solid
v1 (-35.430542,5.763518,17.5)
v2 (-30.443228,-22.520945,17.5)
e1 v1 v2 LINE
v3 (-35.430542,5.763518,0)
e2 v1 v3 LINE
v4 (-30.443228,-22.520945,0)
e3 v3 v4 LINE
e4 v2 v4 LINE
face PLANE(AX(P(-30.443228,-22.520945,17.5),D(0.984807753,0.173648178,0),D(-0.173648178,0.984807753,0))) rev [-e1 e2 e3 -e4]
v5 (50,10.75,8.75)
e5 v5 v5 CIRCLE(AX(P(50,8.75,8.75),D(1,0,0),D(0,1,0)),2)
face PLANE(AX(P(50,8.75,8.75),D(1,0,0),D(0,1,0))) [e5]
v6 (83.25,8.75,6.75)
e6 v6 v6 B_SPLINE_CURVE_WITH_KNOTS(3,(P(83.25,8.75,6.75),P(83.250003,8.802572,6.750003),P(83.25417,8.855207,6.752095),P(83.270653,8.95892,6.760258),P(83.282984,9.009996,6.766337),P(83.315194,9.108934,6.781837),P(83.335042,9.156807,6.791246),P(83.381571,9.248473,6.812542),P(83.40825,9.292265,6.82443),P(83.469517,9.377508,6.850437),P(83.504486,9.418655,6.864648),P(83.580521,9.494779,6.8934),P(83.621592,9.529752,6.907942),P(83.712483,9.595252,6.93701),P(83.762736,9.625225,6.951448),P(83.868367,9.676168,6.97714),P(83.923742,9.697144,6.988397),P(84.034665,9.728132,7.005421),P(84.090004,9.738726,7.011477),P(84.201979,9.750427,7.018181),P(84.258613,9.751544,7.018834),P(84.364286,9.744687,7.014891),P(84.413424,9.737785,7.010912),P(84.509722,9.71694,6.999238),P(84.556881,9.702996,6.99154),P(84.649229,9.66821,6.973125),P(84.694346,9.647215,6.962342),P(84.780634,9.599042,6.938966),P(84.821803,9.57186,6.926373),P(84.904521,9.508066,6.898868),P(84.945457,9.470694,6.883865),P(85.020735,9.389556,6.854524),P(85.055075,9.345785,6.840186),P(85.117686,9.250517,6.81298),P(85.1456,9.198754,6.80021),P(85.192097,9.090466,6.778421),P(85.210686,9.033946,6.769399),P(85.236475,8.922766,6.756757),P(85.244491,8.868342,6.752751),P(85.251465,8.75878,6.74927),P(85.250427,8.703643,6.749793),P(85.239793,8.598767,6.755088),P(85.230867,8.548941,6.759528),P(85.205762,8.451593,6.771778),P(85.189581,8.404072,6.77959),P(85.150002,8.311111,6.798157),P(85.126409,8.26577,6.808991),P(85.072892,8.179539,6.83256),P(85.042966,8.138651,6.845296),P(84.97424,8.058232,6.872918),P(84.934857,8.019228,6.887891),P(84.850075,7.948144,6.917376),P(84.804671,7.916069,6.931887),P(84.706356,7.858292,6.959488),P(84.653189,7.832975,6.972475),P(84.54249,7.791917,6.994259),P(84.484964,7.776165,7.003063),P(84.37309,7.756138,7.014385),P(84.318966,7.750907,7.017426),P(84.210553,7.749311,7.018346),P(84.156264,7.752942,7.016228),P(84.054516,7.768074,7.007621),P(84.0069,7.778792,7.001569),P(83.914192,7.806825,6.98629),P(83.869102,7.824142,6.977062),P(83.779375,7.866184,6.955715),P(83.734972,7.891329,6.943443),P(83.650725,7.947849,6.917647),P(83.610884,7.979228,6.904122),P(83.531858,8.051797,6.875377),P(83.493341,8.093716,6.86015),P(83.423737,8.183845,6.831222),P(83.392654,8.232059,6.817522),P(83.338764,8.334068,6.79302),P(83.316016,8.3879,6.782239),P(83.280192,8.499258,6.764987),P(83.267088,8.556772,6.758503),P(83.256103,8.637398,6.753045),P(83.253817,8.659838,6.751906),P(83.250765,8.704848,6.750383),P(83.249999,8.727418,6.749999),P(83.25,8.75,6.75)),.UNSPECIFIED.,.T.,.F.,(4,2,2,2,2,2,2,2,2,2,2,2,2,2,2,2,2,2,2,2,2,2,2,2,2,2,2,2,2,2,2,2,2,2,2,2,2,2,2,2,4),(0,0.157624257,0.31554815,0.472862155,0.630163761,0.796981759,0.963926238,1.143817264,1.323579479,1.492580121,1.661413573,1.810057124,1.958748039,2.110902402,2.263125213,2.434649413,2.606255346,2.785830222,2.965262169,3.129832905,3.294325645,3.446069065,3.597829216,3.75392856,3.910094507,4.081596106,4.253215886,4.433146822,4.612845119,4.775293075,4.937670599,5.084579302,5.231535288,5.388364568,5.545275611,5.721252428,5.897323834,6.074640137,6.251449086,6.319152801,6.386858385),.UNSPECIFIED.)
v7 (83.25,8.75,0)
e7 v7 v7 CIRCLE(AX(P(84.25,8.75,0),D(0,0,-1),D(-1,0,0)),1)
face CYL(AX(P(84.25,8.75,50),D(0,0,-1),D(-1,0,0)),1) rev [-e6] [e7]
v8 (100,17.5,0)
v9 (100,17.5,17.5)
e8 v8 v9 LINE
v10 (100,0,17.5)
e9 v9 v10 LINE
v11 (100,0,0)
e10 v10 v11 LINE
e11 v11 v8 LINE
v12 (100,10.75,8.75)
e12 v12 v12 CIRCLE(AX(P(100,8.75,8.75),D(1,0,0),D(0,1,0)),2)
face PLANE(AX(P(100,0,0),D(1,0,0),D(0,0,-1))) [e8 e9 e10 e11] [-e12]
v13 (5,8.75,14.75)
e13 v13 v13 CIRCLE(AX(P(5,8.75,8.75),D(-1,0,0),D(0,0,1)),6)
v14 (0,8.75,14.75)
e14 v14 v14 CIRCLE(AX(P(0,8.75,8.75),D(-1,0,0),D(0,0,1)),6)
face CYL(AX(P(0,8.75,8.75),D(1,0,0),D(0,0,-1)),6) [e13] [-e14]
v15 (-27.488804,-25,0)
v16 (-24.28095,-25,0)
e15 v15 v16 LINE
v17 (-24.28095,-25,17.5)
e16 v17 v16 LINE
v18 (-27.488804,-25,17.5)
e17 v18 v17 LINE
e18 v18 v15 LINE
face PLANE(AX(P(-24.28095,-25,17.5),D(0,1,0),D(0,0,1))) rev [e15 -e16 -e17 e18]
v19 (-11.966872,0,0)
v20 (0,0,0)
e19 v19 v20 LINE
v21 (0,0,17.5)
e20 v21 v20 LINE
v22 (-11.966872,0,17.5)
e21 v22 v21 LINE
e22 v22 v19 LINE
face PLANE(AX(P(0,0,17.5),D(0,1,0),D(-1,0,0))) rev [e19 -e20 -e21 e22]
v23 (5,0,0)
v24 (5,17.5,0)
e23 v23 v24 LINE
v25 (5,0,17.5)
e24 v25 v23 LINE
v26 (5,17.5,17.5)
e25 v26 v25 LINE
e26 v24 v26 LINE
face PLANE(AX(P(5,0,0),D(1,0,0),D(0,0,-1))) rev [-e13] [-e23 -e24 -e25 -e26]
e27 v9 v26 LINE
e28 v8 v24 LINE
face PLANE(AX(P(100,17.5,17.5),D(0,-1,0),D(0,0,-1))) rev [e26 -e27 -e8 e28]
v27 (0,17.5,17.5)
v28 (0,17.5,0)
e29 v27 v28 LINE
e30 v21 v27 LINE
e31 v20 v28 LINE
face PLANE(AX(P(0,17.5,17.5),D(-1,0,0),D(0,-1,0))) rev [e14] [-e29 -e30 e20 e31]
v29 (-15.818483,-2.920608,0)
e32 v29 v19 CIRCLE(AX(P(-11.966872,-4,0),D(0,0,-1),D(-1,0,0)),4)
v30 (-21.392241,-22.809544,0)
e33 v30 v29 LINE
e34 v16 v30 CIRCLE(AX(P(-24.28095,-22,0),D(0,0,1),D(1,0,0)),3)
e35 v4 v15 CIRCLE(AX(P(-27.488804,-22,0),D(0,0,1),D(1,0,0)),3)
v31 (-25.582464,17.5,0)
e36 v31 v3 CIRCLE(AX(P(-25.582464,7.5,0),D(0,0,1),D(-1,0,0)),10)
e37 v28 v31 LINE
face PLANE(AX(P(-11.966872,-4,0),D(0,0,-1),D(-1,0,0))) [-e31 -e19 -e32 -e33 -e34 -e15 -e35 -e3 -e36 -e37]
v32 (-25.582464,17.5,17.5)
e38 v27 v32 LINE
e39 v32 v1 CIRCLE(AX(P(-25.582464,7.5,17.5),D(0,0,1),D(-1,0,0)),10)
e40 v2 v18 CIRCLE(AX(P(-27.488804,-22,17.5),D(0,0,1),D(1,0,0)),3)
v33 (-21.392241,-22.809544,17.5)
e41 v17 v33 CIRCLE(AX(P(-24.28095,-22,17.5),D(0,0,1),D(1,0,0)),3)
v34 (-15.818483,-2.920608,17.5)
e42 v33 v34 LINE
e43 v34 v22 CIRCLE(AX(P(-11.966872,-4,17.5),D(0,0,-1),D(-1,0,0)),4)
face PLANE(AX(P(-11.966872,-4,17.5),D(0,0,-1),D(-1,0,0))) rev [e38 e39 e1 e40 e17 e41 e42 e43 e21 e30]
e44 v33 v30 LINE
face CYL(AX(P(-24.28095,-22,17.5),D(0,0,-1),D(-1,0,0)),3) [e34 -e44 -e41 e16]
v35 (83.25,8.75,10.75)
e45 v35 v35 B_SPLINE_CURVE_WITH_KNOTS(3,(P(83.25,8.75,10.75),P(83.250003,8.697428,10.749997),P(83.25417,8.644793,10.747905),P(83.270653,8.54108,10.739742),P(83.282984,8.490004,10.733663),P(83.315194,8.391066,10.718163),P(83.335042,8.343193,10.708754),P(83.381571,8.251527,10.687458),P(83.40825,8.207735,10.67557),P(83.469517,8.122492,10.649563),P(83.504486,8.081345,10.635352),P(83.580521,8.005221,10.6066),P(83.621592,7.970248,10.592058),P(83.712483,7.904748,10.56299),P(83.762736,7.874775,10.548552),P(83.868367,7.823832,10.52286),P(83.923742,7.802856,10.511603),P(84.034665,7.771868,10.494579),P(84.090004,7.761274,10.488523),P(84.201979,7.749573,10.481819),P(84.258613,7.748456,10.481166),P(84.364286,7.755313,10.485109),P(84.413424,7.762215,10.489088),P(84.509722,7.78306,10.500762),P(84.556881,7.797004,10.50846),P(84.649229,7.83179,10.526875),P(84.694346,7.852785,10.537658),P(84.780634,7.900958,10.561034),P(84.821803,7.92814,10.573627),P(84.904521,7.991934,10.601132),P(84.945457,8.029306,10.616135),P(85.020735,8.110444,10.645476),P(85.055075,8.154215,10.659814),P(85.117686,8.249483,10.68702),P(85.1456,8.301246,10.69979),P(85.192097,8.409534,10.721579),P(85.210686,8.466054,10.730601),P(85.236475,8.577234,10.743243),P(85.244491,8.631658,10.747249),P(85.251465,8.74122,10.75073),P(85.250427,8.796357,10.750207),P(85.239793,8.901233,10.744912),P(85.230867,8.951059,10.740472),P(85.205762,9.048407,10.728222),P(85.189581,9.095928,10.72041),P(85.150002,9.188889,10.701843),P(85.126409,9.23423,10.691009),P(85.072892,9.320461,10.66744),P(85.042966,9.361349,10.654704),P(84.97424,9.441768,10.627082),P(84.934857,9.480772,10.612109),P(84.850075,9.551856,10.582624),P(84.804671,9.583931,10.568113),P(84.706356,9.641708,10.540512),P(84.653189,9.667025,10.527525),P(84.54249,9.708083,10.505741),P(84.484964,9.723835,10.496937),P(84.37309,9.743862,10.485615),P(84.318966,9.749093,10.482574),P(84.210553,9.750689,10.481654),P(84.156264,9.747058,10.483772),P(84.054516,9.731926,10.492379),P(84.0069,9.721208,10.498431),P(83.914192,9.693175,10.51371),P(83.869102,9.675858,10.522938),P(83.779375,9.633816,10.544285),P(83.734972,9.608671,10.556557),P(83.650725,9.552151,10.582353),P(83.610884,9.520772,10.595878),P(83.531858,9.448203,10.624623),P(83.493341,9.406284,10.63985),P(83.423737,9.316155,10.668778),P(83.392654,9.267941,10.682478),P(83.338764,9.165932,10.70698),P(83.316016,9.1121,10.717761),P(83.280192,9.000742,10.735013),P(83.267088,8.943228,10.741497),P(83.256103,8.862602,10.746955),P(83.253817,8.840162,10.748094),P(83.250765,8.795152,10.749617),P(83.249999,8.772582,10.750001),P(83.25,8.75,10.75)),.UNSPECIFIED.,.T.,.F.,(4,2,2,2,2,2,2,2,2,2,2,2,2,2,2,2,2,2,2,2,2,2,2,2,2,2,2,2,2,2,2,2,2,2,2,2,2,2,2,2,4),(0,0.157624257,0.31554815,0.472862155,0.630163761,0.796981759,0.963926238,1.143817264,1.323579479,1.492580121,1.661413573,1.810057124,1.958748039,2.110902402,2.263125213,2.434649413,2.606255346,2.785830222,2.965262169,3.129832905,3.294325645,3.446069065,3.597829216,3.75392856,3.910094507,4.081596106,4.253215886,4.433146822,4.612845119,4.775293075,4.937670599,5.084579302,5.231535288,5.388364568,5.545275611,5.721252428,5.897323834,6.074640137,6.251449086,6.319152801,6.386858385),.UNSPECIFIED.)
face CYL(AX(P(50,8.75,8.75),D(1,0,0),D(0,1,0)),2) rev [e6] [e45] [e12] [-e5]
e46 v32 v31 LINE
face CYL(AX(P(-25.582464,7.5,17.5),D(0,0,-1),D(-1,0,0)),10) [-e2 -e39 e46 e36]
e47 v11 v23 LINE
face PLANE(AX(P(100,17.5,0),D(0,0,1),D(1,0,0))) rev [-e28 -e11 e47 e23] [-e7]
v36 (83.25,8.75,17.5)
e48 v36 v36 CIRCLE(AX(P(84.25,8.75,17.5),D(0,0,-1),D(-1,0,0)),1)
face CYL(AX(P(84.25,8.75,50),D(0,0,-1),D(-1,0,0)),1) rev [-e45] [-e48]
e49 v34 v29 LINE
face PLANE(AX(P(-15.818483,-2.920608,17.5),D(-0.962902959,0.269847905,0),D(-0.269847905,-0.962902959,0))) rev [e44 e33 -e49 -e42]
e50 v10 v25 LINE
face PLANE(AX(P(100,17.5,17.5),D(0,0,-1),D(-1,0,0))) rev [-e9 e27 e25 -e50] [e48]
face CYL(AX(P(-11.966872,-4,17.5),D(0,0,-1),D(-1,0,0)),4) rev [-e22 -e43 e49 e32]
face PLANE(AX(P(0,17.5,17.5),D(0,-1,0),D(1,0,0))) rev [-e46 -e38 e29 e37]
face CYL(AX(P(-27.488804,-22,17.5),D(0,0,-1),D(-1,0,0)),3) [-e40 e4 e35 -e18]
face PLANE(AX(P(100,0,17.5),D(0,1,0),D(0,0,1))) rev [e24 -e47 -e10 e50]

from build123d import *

# Parameters (mm, degrees)
BOSS_EXTRUDE4_START = 5
SKETCH2_W           = 17.5
SKETCH2_H           = 17.5
BOSS_EXTRUDE4_DEPTH = 95
SKETCH3_R           = 2
CUT_EXTRUDE1_DEPTH  = 50
SKETCH4_R           = 1
CUT_EXTRUDE2_DEPTH  = 50
SKETCH6_R           = 6
BOSS_EXTRUDE6_DEPTH = 5
BOSS_EXTRUDE8_DEPTH = 17.5


with BuildPart() as part:
    # Sketch2 → Boss-Extrude4 (new body)
    with BuildSketch(Plane(origin=(0, 0, 0), x_dir=(0, 0, -1), z_dir=(1, 0, 0)).offset(BOSS_EXTRUDE4_START)):
        with Locations((-8.75, 8.75)):
            Rectangle(SKETCH2_W, SKETCH2_H)
    extrude(amount=BOSS_EXTRUDE4_DEPTH)

    # Sketch3 → Cut-Extrude1 (cut)
    with BuildSketch(Plane(origin=(100, 0, 0), x_dir=(0, 0, -1), z_dir=(1, 0, 0))):
        with Locations(Location((-8.75, 8.75, 0), (0, 0, 90))):
            Circle(SKETCH3_R)
    extrude(amount=-CUT_EXTRUDE1_DEPTH, mode=Mode.SUBTRACT)

    # Sketch4 → Cut-Extrude2 (cut)
    with BuildSketch(Plane(origin=(0, 0, 0), x_dir=(-1, 0, 0), z_dir=(0, 0, -1))):
        with Locations((-84.25, 8.75)):
            Circle(SKETCH4_R)
    extrude(amount=-CUT_EXTRUDE2_DEPTH, mode=Mode.SUBTRACT)

    # Sketch6 → Boss-Extrude6 (add)
    with BuildSketch(Plane.ZY.offset(-5)):
        with Locations((8.75, 8.75)):
            Circle(SKETCH6_R)
    extrude(amount=BOSS_EXTRUDE6_DEPTH)

    # Sketch1 → Boss-Extrude8 (add)
    with BuildSketch(Plane.XY):
        with BuildLine():
            Line((0, 17.5), (-25.582464074, 17.5))
            ThreePointArc((-25.582464074, 17.5), (-33.242908505, 13.927876097), (-35.430541604, 5.763518223))
            Line((-35.430541604, 5.763518223), (-30.443227685, -22.520944533))
            ThreePointArc((-30.443227685, -22.520944533), (-29.417167255, -24.298133329), (-27.488804426, -25))
            Line((-27.488804426, -25), (-24.280949674, -25))
            ThreePointArc((-24.280949674, -25), (-22.468303976, -24.390463464), (-21.392240798, -22.809543714))
            Line((-21.392240798, -22.809543714), (-15.818483363, -2.920608381))
            ThreePointArc((-15.818483363, -2.920608381), (-14.383732459, -0.812715382), (-11.966871527, 0))
            Line((-11.966871527, 0), (0, 0))
            Line((0, 0), (0, 17.5))
        make_face()
    extrude(amount=BOSS_EXTRUDE8_DEPTH)


solid = part.part
